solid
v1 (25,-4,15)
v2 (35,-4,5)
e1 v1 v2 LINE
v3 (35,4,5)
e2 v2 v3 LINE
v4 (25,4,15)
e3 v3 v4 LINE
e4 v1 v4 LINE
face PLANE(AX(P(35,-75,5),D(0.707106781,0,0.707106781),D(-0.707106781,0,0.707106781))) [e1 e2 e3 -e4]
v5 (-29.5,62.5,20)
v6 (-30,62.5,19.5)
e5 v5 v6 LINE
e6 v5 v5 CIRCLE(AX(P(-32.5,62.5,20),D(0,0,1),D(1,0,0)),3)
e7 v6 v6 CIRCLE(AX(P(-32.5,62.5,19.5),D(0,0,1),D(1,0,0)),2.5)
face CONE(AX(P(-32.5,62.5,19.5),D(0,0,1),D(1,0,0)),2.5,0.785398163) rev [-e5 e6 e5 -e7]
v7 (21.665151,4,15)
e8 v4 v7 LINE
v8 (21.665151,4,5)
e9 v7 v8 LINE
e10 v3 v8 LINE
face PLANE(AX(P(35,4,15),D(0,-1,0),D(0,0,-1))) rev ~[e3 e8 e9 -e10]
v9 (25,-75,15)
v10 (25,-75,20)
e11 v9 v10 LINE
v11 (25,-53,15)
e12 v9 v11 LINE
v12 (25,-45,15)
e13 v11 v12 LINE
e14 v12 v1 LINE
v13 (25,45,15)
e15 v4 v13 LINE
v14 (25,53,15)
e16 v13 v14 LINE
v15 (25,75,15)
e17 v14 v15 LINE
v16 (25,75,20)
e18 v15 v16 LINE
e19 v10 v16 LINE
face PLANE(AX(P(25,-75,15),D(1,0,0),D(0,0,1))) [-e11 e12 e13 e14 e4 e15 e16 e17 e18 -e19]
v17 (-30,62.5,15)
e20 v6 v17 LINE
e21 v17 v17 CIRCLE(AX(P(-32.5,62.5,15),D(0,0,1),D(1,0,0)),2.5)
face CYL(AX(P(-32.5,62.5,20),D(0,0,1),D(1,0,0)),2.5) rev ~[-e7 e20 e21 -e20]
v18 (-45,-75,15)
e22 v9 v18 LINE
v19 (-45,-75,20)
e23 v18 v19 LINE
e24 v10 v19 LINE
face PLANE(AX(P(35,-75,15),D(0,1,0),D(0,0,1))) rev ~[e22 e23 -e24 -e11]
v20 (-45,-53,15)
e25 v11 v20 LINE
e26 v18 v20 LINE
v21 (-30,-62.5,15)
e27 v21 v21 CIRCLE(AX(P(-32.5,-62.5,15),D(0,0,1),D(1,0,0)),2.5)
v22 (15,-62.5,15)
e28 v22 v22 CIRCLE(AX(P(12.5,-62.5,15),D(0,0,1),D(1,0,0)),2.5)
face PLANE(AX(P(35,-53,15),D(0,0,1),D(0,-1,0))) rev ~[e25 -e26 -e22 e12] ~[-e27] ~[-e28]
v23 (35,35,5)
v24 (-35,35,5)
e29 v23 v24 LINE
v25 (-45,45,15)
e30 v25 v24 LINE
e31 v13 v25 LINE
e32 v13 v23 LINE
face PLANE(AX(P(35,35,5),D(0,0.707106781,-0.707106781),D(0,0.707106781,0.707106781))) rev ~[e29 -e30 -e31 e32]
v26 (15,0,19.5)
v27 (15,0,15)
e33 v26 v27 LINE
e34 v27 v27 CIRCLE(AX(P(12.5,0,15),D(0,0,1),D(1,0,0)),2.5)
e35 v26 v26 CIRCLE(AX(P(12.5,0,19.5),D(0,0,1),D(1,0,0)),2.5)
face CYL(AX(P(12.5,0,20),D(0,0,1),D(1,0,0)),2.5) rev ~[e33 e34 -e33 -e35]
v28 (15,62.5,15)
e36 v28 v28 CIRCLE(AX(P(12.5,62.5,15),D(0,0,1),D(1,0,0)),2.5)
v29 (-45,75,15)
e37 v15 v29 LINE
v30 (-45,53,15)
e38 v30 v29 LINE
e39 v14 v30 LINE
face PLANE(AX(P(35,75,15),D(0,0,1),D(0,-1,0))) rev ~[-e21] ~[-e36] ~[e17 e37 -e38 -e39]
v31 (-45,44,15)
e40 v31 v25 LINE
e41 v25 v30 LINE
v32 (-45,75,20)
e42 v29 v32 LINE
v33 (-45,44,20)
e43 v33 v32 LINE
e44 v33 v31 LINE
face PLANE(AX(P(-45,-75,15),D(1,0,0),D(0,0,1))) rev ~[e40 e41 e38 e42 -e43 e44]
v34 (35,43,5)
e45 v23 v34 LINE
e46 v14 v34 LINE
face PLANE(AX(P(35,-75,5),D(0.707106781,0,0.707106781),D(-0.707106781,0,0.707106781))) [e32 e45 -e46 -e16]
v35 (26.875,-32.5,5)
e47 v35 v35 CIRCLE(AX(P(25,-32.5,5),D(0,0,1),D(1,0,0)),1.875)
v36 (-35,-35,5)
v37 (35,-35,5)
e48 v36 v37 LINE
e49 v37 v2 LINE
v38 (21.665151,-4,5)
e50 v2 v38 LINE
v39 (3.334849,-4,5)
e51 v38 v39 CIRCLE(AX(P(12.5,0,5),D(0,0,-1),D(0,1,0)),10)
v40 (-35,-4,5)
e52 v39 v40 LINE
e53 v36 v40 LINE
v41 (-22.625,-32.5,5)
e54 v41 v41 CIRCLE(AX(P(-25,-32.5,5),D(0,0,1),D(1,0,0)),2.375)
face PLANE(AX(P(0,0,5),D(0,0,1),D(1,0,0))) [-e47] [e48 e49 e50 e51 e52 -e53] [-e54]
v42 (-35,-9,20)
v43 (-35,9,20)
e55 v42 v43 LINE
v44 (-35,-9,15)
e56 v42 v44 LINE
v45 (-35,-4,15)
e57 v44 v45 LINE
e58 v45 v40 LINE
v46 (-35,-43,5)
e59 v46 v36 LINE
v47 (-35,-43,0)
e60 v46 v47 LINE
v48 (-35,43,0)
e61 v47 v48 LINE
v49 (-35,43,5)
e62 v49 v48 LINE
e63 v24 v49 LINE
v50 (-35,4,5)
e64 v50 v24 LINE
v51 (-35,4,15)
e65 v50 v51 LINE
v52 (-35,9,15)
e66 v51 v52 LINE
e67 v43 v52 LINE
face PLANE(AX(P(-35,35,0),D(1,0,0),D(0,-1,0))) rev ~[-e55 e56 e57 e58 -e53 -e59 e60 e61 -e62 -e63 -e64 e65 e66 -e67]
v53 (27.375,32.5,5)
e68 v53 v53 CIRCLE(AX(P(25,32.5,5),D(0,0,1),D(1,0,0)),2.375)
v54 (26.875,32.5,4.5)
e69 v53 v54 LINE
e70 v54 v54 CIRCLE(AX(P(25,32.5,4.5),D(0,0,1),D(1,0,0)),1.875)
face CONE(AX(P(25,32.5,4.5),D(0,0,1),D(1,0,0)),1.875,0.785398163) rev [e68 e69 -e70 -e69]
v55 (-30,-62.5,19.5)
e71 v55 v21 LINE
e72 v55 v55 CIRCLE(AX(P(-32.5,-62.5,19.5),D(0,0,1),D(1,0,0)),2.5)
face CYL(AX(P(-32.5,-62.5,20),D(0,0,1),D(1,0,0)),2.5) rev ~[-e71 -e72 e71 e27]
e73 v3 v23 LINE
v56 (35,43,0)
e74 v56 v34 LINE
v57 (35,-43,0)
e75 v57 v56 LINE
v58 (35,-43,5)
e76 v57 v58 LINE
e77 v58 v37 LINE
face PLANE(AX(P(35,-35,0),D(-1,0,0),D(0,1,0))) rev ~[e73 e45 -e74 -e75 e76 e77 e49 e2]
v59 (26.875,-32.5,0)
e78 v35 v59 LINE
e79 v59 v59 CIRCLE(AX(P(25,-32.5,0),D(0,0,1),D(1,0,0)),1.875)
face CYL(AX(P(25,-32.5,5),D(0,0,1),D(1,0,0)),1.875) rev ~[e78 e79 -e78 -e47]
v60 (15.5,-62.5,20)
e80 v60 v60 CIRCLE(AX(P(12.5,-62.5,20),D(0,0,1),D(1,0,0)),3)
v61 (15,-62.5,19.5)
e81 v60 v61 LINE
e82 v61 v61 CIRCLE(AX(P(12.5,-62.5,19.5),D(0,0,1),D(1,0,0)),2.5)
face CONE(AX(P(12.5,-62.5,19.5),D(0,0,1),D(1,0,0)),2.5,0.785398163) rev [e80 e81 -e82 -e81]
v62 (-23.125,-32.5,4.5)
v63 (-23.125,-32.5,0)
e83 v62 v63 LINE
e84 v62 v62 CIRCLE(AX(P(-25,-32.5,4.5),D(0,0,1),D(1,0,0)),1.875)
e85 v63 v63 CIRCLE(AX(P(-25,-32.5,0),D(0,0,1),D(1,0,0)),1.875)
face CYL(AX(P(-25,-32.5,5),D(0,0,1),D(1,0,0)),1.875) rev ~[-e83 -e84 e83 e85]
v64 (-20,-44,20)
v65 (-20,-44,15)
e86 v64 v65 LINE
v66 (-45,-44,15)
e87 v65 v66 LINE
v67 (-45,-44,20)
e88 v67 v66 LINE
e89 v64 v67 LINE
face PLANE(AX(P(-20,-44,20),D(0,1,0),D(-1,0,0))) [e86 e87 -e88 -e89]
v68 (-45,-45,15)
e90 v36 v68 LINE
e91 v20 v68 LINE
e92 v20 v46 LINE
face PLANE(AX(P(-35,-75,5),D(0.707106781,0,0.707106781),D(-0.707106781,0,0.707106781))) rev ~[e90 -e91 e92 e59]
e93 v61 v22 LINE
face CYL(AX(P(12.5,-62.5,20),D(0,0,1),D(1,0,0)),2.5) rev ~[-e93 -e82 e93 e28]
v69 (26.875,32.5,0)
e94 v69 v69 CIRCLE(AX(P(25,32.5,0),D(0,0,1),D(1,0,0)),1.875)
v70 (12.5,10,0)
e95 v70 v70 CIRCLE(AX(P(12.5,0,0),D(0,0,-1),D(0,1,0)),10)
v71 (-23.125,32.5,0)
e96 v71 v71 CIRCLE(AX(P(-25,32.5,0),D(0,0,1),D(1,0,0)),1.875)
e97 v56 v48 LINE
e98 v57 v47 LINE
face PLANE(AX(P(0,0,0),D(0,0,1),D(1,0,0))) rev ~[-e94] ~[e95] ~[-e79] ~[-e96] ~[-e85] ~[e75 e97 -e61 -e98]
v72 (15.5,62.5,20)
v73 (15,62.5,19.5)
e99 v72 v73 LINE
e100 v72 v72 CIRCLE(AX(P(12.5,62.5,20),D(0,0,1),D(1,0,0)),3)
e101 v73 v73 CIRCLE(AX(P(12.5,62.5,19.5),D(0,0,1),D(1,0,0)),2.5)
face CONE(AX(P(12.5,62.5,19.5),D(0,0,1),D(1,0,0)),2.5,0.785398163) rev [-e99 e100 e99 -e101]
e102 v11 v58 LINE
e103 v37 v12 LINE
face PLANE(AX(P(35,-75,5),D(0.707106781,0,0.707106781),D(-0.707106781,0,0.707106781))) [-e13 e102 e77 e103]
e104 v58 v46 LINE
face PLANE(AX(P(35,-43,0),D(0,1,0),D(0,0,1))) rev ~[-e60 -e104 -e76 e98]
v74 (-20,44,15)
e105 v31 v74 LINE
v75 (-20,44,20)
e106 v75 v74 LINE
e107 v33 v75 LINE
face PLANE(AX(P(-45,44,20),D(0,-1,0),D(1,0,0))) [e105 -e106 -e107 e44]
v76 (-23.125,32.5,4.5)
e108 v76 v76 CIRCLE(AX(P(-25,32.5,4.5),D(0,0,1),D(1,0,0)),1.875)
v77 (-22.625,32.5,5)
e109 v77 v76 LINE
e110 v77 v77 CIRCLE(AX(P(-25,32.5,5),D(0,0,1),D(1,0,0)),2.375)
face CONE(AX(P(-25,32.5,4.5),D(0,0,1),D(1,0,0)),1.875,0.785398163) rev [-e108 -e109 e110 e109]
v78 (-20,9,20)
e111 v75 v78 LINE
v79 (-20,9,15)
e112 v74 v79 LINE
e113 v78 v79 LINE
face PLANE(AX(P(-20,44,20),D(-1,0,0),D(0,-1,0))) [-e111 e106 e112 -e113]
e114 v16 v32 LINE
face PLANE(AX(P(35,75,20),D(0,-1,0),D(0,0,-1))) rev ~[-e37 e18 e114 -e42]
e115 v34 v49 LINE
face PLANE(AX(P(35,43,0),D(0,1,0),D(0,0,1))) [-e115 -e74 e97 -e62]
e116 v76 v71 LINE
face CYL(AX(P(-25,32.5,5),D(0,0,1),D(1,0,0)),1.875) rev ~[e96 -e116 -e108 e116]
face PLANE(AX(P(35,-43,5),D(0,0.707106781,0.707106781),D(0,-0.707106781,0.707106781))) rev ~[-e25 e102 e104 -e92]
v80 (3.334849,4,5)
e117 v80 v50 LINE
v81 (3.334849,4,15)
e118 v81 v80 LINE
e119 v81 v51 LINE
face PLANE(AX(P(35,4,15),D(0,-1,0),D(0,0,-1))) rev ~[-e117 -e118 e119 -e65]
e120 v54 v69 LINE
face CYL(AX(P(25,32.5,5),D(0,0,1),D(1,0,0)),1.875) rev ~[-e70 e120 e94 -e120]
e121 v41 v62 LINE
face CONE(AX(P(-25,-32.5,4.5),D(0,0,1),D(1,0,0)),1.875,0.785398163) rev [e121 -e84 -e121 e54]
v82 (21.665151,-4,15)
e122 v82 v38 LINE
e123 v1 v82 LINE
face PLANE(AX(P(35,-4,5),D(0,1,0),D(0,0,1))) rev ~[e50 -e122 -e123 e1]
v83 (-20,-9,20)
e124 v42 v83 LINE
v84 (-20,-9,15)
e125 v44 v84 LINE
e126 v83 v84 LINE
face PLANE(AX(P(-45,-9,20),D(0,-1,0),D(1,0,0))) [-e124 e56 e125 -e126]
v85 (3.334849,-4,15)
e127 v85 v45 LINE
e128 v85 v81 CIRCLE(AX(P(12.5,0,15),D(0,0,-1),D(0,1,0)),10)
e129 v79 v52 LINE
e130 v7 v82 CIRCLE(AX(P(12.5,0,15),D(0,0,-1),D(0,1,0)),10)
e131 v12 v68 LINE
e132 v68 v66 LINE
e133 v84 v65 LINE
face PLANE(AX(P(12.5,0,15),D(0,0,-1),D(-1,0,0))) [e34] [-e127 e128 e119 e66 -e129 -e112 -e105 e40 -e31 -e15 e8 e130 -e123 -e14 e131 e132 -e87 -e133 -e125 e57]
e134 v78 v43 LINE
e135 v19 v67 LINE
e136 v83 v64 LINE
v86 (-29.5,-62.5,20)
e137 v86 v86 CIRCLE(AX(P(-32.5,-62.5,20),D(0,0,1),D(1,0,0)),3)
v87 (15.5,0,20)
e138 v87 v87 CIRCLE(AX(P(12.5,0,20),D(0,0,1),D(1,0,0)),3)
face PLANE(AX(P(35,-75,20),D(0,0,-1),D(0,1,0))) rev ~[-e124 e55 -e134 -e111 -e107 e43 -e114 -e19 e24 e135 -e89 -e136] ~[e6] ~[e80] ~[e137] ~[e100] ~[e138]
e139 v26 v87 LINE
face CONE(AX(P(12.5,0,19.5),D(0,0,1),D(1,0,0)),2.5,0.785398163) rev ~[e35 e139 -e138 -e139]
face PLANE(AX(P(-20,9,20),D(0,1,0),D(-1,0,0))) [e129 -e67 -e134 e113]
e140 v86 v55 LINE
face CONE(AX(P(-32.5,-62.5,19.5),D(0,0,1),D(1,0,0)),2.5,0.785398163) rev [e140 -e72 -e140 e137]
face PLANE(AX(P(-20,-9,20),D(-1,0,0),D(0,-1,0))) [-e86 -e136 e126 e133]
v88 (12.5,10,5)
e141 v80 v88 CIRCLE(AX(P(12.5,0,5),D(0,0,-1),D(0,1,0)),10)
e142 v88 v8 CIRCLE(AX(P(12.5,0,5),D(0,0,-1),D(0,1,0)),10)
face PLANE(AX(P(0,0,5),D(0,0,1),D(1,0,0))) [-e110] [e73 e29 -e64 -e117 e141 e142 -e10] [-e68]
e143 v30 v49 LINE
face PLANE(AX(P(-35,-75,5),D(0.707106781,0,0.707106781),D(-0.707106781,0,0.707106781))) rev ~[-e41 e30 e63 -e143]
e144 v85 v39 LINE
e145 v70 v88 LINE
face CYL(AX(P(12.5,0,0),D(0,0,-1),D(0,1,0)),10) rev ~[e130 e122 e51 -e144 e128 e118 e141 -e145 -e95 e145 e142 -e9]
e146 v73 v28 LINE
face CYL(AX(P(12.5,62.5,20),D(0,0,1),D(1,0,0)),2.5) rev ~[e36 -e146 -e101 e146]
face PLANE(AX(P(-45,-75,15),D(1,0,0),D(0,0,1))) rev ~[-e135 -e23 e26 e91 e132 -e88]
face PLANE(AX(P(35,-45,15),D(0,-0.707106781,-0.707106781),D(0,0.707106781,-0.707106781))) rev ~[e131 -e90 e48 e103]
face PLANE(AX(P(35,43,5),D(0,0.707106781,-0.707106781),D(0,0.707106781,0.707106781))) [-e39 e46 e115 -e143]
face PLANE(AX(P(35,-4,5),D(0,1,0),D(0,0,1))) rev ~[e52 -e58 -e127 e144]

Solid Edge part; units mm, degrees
sketch "Sketch1" plane through (0, 0, 0) normal (0, 0, 1) x (1, 0, 0)
  line L0 (-35, -35) -> (35, -35)
  line L1 (35, -35) -> (35, 35)
  line L2 (35, 35) -> (-35, 35)
  line L3 (-35, 35) -> (-35, -35)
  dimension "D1" = 70
  dimension "D2" = 70
extrude "Protrusion1" add sketch "Sketch1" along normal blind 5
sketch "Sketch2" plane through (0, 0, 5) normal (0, 0, 1) x (1, 0, 0)
  circle A0 centre (25, -32.5) radius 1.875
  circle A1 centre (-25, -32.5) radius 1.875
  circle A2 centre (-25, 32.5) radius 1.875
  circle A3 centre (25, 32.5) radius 1.875
  dimension "D1" = 50
  dimension "D2" = 3.75
  dimension "D3" = 65
extrude "Cutout1" cut sketch "Sketch2" against normal through all
chamfer "Fase_1" distance 0.5 angle 45 3 edges at (-26.875, -32.5, 5) (-26.875, 32.5, 5) (23.125, 32.5, 5)
sketch "Sketch3" plane through (35, 0, 2.5) normal (1, 0, 0) x (0, 1, 0)
  line L0 (-53, 12.5) -> (-75, 12.5)
  line L1 (-75, 12.5) -> (-75, 17.5)
  line L2 (-75, 17.5) -> (75, 17.5)
  line L3 (75, 17.5) -> (75, 12.5)
  line L4 (75, 12.5) -> (53, 12.5)
  line L5 (43, 2.5) -> (53, 12.5)
  line L6 (43, -2.5) -> (43, 2.5)
  line L7 (35, -2.5) -> (43, -2.5)
  line L8 (35, -2.5) -> (35, 2.5)
  line L9 (35, 2.5) -> (45, 12.5)
  line L10 (45, 12.5) -> (4, 12.5)
  line L11 (4, 12.5) -> (4, 2.5)
  line L12 (4, -2.5) -> (4, 2.5)
  line L13 (-4, -2.5) -> (4, -2.5)
  line L14 (-4, 2.5) -> (-4, -2.5)
  line L15 (-4, 2.5) -> (-4, 12.5)
  line L16 (-4, 12.5) -> (-45, 12.5)
  line L17 (-45, 12.5) -> (-35, 2.5)
  line L18 (-35, 2.5) -> (-35, -2.5)
  line L19 (-35, -2.5) -> (-43, -2.5)
  line L20 (-43, -2.5) -> (-43, 2.5)
  line L21 (-43, 2.5) -> (-53, 12.5)
  dimension "D1" = 150
  dimension "D2" = 20
  dimension "D3" = 5
  dimension "D4" = 8
  dimension "D5" = 8
extrude "Extrusionsausprägung_2" add sketch "Sketch3" against normal blind 100
sketch "Sketch4" plane through (-15, -75, 32.5) normal (0, -1, 0) x (-1, 0, 0)
  line L0 (-50, 32.5) -> (-50, 27.5)
  line L1 (-50, 27.5) -> (-40, 17.5)
  line L2 (-40, 17.5) -> (-40, 12.5)
  dimension "D1" = 5
extrude "Cutout2" cut sketch "Sketch4" against normal through all material side at (35.05, -75, 2.5)
sketch "Sketch5" plane through (-27.5, -75, 32.5) normal (0, -1, 0) x (1, 0, 0)
  line L0 (-7.5, -32.5) -> (-7.5, -27.5)
  line L1 (-7.5, -27.5) -> (-17.5, -17.5)
  line L2 (-17.5, -17.5) -> (-17.5, -12.5)
extrude "Cutout3" cut sketch "Sketch5" against normal through all material side at (-35.05, -75, 2.5)
sketch "Sketch6" plane through (-10, 0, 20) normal (0, 0, 1) x (1, 0, 0)
  circle A0 centre (22.5, 62.5) radius 2.5
  circle A1 centre (-22.5, 62.5) radius 2.5
  circle A2 centre (-22.5, -62.5) radius 2.5
  circle A3 centre (22.5, -62.5) radius 2.5
  circle A4 centre (22.5, 0) radius 2.5
  dimension "D1" = 45
  dimension "D2" = 125
  dimension "D3" = 5
extrude "Cutout4" cut sketch "Sketch6" against normal through all
chamfer "Fase_2" distance 0.5 angle 45 5 edges at (-35, -62.5, 20) (10, -62.5, 20) (10, 0, 20) (-35, 62.5, 20) (10, 62.5, 20)
sketch "Sketch7" plane through (-10, 0, 20) normal (0, 0, 1) x (0, 1, 0)
  line L0 (-44, 35) -> (-9, 35)
  line L1 (-9, 35) -> (-9, 10)
  line L2 (-9, 10) -> (-44, 10)
  line L3 (-44, 10) -> (-44, 35)
  line L4 (9, 35) -> (44, 35)
  line L5 (44, 35) -> (44, 10)
  line L6 (44, 10) -> (9, 10)
  line L7 (9, 10) -> (9, 35)
  dimension "D1" = 35
  dimension "D2" = 5
  dimension "D3" = 25
  dimension "D4" = 5
extrude "Cutout5" cut sketch "Sketch7" against normal up to vertex (5 mm away)
sketch "Sketch8" plane through (-10, 0, 20) normal (0, 0, 1) x (0, 1, 0)
  line L0 (-9, 25) -> (9, 25)
  line L1 (9, 25) -> (9, 35)
  line L2 (9, 35) -> (-9, 35)
  line L3 (-9, 35) -> (-9, 25)
extrude "Cutout6" cut sketch "Sketch8" against normal through all
sketch "Sketch9" plane through (0, 0, 0) normal (0, 0, -1) x (0, 1, 0)
  circle A0 centre (0, 12.5) radius 10
  dimension "D1" = 20
extrude "Cutout7" cut sketch "Sketch9" against normal up to vertex (15 mm away)
properties material "Nylon, allgemein"
